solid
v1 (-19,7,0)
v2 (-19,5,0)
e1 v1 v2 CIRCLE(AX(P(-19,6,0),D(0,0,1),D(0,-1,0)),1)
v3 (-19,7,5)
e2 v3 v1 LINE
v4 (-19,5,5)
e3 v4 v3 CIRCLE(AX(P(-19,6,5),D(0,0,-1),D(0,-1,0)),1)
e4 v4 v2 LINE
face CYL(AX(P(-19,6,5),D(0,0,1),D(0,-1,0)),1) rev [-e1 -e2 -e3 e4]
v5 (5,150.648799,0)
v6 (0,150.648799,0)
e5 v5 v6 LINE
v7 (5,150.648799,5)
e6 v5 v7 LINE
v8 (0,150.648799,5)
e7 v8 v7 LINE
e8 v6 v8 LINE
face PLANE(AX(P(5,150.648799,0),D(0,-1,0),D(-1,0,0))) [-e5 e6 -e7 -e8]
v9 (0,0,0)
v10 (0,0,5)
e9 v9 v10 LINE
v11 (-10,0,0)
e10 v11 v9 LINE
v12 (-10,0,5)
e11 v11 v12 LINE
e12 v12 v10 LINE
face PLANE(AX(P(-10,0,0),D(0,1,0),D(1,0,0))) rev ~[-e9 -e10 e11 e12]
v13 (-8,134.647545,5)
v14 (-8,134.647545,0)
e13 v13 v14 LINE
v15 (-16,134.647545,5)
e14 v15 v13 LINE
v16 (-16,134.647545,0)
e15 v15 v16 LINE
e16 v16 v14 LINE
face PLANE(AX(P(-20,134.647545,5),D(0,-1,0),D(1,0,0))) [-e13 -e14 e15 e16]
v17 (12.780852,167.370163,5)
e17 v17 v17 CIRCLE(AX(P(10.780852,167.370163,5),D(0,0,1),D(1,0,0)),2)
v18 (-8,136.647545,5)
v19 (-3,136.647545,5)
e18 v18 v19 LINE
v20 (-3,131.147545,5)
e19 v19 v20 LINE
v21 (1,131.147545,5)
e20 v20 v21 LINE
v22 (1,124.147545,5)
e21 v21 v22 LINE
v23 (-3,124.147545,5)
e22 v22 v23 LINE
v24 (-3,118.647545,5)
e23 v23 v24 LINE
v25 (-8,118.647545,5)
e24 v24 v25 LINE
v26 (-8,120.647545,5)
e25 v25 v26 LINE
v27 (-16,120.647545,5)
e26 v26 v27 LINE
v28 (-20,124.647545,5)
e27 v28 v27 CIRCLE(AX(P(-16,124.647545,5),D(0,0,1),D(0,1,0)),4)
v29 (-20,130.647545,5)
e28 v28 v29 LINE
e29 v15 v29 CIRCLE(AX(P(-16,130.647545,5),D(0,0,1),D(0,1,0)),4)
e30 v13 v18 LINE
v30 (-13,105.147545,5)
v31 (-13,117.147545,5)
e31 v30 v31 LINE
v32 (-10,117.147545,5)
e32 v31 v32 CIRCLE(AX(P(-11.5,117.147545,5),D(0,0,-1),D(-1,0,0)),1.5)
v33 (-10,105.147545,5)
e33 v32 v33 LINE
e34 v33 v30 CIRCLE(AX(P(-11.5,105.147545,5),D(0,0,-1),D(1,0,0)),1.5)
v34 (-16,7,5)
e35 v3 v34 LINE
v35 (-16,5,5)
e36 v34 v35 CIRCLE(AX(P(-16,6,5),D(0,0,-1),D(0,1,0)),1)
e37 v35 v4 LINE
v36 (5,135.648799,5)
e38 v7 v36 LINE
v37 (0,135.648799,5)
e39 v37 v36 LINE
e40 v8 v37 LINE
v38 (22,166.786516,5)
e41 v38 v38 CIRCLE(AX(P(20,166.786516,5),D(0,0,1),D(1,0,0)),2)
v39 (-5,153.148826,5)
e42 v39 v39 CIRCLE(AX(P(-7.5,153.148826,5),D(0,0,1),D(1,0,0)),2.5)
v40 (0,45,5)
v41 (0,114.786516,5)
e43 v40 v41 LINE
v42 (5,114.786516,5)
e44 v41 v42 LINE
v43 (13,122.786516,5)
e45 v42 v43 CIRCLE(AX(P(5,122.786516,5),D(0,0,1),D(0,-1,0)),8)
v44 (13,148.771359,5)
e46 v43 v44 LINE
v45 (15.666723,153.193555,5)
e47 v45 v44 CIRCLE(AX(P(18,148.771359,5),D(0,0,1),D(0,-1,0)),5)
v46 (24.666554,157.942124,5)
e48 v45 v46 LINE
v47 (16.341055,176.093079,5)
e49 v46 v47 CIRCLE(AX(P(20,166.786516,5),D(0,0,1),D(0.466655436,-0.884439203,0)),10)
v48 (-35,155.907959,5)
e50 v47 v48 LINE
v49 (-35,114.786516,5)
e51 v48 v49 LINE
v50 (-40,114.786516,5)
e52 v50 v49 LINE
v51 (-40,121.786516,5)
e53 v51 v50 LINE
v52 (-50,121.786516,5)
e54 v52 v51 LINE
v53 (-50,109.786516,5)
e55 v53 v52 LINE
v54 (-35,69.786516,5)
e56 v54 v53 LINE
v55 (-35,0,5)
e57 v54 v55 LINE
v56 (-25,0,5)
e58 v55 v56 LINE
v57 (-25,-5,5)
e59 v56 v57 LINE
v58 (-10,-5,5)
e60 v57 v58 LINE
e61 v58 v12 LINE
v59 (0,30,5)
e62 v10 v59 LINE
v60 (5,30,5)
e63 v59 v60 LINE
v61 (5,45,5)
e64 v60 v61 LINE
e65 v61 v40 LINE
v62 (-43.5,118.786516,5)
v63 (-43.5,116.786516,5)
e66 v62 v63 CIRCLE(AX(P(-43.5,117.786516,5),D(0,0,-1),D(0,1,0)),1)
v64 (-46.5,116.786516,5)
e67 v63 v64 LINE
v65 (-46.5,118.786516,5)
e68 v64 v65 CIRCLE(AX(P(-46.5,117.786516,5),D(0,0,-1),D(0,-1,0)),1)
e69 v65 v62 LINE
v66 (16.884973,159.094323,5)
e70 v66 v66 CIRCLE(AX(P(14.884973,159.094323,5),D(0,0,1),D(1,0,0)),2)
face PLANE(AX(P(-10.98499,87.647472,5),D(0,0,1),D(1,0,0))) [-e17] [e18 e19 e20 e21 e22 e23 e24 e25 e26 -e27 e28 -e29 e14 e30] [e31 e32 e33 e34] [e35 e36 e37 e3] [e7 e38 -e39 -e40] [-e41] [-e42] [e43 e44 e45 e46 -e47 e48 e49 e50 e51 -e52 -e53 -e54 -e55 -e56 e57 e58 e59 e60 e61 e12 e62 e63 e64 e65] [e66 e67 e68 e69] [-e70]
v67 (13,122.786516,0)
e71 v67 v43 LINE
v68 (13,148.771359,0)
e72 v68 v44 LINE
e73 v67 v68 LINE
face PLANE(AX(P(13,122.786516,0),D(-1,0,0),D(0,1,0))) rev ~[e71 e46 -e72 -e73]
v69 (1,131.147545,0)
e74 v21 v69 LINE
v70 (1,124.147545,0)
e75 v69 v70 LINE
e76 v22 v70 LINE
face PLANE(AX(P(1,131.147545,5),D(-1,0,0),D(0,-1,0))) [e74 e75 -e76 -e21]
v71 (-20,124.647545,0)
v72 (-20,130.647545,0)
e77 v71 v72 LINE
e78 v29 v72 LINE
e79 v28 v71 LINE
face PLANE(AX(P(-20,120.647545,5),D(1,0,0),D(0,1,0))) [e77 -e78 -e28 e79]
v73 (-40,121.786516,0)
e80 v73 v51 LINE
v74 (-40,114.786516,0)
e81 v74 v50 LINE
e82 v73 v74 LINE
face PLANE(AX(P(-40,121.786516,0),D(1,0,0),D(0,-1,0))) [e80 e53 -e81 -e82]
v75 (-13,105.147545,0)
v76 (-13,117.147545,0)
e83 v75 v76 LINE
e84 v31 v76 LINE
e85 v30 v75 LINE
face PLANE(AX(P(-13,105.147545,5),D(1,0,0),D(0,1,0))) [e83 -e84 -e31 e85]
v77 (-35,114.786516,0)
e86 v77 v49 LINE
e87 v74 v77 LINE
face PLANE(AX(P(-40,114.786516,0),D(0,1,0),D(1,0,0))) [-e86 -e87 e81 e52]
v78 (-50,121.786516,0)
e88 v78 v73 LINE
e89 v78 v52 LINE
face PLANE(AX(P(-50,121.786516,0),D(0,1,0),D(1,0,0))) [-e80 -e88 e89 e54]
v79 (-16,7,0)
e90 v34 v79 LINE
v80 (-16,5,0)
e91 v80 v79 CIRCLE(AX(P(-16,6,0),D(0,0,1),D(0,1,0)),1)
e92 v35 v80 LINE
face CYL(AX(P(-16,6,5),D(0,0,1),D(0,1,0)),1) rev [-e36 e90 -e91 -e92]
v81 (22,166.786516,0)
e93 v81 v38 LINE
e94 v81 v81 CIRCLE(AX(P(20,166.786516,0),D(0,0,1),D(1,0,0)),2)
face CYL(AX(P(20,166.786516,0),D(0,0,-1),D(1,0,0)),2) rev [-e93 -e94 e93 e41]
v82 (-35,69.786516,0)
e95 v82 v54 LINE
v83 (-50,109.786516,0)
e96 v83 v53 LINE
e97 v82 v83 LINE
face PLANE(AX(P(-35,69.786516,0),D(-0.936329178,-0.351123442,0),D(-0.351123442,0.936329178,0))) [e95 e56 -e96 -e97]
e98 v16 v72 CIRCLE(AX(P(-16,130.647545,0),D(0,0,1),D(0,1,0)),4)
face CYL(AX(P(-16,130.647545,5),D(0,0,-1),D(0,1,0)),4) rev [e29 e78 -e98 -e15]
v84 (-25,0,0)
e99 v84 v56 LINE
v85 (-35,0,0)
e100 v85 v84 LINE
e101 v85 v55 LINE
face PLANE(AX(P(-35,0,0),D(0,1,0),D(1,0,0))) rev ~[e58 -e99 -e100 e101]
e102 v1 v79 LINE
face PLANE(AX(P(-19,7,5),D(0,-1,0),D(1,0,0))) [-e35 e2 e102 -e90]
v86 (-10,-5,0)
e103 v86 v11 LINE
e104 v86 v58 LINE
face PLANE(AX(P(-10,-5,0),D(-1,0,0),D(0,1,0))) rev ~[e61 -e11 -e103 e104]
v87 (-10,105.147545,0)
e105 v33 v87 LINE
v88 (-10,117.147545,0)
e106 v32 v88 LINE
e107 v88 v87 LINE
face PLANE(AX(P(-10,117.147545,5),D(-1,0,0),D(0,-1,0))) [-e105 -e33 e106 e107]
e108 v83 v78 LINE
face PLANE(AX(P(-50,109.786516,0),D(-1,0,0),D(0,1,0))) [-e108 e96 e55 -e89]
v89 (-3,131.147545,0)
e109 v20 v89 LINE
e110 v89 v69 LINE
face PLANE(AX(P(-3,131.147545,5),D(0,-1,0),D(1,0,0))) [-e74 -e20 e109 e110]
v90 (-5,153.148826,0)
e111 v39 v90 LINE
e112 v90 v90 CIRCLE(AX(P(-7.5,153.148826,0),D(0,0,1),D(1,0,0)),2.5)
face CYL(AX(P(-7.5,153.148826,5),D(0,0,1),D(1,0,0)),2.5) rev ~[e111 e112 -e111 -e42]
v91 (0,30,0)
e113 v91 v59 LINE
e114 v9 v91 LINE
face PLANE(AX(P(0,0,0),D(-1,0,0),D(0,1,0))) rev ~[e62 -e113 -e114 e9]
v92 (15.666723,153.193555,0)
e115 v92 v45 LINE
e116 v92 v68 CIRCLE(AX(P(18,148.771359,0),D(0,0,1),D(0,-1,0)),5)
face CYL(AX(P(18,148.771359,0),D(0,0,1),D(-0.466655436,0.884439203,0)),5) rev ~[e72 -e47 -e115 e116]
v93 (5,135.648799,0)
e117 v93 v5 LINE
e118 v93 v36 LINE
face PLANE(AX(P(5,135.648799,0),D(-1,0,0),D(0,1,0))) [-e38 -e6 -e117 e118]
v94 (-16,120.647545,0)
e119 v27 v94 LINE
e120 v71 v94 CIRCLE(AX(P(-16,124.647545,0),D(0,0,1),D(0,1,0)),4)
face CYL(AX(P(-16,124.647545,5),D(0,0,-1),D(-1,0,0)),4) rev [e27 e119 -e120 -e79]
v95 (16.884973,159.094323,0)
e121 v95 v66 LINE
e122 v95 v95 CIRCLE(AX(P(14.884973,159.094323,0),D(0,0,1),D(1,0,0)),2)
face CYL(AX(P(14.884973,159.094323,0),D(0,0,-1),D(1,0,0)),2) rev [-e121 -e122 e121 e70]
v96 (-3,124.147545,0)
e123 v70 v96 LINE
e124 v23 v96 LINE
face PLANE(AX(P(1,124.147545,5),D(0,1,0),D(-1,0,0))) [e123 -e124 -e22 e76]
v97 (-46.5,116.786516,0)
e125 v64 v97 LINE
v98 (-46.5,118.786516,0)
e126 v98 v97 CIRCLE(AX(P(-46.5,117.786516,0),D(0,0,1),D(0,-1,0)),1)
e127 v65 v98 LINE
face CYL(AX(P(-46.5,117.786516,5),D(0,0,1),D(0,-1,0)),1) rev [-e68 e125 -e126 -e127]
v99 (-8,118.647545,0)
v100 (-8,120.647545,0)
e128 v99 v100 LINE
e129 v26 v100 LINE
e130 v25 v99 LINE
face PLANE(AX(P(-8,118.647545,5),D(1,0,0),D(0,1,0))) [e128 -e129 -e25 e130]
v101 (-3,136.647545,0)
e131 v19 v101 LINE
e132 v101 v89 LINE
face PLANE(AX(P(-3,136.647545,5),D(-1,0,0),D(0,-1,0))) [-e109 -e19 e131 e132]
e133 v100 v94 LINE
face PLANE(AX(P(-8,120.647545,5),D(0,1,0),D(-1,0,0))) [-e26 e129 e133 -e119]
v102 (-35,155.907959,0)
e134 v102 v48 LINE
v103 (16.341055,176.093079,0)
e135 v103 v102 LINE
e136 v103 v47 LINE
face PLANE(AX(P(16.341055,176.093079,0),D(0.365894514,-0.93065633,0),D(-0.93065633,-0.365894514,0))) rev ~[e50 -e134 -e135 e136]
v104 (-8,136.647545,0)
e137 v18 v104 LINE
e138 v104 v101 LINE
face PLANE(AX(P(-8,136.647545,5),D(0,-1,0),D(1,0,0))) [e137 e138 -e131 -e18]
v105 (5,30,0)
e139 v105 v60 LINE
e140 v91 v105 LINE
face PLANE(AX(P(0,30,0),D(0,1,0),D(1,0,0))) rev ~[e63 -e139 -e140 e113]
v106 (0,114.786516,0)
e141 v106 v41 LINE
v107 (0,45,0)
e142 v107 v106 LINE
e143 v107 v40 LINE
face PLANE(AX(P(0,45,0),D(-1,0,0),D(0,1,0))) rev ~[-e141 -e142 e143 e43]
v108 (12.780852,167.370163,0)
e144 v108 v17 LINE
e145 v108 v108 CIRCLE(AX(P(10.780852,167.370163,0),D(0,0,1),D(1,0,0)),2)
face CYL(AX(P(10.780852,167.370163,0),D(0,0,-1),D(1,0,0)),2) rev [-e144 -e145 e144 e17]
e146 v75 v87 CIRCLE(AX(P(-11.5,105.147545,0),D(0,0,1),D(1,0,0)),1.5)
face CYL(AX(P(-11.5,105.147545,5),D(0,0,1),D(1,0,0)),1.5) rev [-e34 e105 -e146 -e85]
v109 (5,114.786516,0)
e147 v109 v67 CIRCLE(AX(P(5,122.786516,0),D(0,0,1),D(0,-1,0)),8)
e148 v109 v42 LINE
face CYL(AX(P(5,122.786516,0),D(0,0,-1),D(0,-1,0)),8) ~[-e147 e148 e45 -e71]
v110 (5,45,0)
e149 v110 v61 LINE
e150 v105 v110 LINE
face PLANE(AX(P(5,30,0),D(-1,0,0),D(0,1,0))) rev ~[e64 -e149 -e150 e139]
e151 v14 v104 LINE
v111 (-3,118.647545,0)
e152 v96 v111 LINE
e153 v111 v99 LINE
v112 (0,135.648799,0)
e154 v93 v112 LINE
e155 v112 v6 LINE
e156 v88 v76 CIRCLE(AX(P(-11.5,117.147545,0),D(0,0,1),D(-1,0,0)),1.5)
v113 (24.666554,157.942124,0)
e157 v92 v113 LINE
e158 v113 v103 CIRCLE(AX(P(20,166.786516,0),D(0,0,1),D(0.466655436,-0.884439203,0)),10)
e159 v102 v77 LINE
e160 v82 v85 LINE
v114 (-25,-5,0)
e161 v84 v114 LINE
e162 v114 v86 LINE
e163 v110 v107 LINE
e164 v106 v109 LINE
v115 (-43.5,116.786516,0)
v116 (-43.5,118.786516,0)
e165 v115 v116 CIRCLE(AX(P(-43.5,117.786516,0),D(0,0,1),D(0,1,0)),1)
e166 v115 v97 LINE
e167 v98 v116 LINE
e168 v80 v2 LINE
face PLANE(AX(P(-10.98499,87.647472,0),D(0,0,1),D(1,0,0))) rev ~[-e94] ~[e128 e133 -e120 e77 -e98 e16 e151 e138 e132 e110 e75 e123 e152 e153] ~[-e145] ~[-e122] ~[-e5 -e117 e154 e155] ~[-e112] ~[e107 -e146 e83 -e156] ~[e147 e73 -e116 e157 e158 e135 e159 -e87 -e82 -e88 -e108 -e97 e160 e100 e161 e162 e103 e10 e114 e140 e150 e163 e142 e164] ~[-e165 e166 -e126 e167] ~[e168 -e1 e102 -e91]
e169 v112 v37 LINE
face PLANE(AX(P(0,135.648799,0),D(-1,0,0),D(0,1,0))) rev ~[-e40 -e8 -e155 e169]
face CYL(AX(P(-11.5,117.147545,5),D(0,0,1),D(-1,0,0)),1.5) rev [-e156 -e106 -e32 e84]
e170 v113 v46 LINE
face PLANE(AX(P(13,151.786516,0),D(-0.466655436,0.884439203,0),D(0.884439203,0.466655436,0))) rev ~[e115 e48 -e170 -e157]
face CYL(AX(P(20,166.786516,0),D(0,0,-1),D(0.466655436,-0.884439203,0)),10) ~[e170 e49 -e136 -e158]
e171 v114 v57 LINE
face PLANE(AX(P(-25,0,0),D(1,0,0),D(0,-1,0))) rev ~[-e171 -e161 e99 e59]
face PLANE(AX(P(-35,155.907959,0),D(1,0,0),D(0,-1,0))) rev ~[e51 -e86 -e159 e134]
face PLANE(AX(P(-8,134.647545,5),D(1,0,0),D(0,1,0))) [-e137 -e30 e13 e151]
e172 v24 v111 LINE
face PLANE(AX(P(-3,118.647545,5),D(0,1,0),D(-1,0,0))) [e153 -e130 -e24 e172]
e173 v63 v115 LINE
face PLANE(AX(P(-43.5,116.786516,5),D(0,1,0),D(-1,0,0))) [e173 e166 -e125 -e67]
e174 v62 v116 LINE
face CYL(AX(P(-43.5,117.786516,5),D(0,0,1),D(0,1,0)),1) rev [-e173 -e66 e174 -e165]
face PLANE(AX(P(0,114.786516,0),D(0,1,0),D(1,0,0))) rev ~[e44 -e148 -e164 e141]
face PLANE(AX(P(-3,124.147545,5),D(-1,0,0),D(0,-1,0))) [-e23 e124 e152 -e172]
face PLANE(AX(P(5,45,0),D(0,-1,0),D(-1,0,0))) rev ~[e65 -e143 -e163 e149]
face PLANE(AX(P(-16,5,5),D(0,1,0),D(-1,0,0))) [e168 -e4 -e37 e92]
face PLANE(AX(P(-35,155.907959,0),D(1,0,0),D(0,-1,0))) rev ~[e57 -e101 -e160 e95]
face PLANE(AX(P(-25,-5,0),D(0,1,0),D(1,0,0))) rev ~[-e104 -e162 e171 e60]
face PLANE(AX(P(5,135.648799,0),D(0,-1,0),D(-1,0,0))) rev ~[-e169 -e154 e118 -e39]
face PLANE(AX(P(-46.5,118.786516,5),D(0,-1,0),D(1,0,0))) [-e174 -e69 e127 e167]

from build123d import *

# Parameters (mm, degrees)
SKETCH2_R           = 2
BOSS_EXTRUDE1_DEPTH = 5
SKETCH3_R           = 2.5
CUT_EXTRUDE1_DEPTH  = 181.287193762
BOSS_EXTRUDE2_DEPTH = 5
FILLET1_R           = 5
CUT_EXTRUDE2_DEPTH  = 184.789205979
SKETCH6_W           = 5
SKETCH6_H           = 15
CUT_EXTRUDE3_DEPTH  = 184.789205979
FILLET2_R           = 4


with BuildPart() as part:
    # Sketch2 → Boss-Extrude1 (new body)
    with BuildSketch(Plane.XY):
        with BuildLine():
            Line((16.34105486, 176.093079286), (-35, 155.907958626))
            Line((-35, 155.907958626), (-35, 0))
            Line((-35, 0), (-25, 0))
            Line((-25, 0), (-25, -5))
            Line((-25, -5), (-10, -5))
            Line((-10, -5), (-10, 0))
            Line((-10, 0), (0, 0))
            Line((0, 0), (0, 30))
            Line((0, 30), (5, 30))
            Line((5, 30), (5, 45))
            Line((5, 45), (0, 45))
            Line((0, 45), (0, 114.786515986))
            Line((0, 114.786515986), (5, 114.786515986))
            ThreePointArc((5, 114.786515986), (10.656854249, 117.129661736), (13, 122.786515986))
            Line((13, 122.786515986), (13, 151.786515986))
            Line((13, 151.786515986), (24.666554357, 157.942123953))
            ThreePointArc((24.666554357, 157.942123953), (29.089450696, 170.955674898), (16.34105486, 176.093079286))
        make_face()
        with Locations((20, 166.786515986)):
            Circle(SKETCH2_R, mode=Mode.SUBTRACT)
        with Locations((10.78085199, 167.370162539)):
            Circle(SKETCH2_R, mode=Mode.SUBTRACT)
        with Locations((14.884973253, 159.094322884)):
            Circle(SKETCH2_R, mode=Mode.SUBTRACT)
    extrude(amount=BOSS_EXTRUDE1_DEPTH)

    # Sketch3 → Cut-Extrude1 (cut, through all)
    with BuildSketch(Plane.XY.offset(5)):
        with Locations((-7.5, 153.1488261)):
            Circle(SKETCH3_R)
        Polygon((-3, 136.647544915), (-3, 131.147544915), (1, 131.147544915), (1, 124.147544915), (-3, 124.147544915), (-3, 118.647544915), (-8, 118.647544915), (-8, 120.647544915), (-20, 120.647544915), (-20, 134.647544915), (-8, 134.647544915), (-8, 136.647544915), align=None)
    extrude(amount=-CUT_EXTRUDE1_DEPTH, mode=Mode.SUBTRACT)

    # Sketch4 → Boss-Extrude2 (add)
    with BuildSketch(Plane(origin=(0, 0, 0), x_dir=(-1, 0, 0), z_dir=(0, 0, -1))):
        Polygon((40, 114.786515986), (35, 114.786515986), (35, 69.786515986), (50, 109.786515986), (50, 121.786515986), (40, 121.786515986), align=None)
    extrude(amount=-BOSS_EXTRUDE2_DEPTH)

    # Fillet1
    fillet1_edges = [part.edges().sort_by_distance(p)[0] for p in [
        (13, 151.786515986, 2.5),
    ]]
    fillet(fillet1_edges, radius=FILLET1_R)

    # Sketch5 → Cut-Extrude2 (cut, through all)
    with BuildSketch(Plane.XY.offset(5)):
        with BuildLine():
            Line((-10, 117.147544915), (-10, 105.147544915))
            ThreePointArc((-10, 105.147544915), (-11.5, 103.647544915), (-13, 105.147544915))
            Line((-13, 105.147544915), (-13, 117.147544915))
            ThreePointArc((-13, 117.147544915), (-11.5, 118.647544915), (-10, 117.147544915))
        make_face()
        with BuildLine():
            Line((-43.5, 116.786515986), (-46.5, 116.786515986))
            ThreePointArc((-46.5, 116.786515986), (-47.5, 117.786515986), (-46.5, 118.786515986))
            Line((-46.5, 118.786515986), (-43.5, 118.786515986))
            ThreePointArc((-43.5, 118.786515986), (-42.5, 117.786515986), (-43.5, 116.786515986))
        make_face()
        with BuildLine():
            Line((-19, 7), (-16, 7))
            ThreePointArc((-16, 7), (-15, 6), (-16, 5))
            Line((-16, 5), (-19, 5))
            ThreePointArc((-19, 5), (-20, 6), (-19, 7))
        make_face()
    extrude(amount=-CUT_EXTRUDE2_DEPTH, mode=Mode.SUBTRACT)

    # Sketch6 → Cut-Extrude3 (cut, through all)
    with BuildSketch(Plane(origin=(0, 0, 0), x_dir=(-1, 0, 0), z_dir=(0, 0, -1))):
        with Locations((-2.5, 143.148799484)):
            Rectangle(SKETCH6_W, SKETCH6_H)
    extrude(amount=-CUT_EXTRUDE3_DEPTH, mode=Mode.SUBTRACT)

    # Fillet2
    fillet2_edges = [part.edges().sort_by_distance(p)[0] for p in [
        (-20, 134.647544915, 2.5),
        (-20, 120.647544915, 2.5),
    ]]
    fillet(fillet2_edges, radius=FILLET2_R)


solid = part.part
